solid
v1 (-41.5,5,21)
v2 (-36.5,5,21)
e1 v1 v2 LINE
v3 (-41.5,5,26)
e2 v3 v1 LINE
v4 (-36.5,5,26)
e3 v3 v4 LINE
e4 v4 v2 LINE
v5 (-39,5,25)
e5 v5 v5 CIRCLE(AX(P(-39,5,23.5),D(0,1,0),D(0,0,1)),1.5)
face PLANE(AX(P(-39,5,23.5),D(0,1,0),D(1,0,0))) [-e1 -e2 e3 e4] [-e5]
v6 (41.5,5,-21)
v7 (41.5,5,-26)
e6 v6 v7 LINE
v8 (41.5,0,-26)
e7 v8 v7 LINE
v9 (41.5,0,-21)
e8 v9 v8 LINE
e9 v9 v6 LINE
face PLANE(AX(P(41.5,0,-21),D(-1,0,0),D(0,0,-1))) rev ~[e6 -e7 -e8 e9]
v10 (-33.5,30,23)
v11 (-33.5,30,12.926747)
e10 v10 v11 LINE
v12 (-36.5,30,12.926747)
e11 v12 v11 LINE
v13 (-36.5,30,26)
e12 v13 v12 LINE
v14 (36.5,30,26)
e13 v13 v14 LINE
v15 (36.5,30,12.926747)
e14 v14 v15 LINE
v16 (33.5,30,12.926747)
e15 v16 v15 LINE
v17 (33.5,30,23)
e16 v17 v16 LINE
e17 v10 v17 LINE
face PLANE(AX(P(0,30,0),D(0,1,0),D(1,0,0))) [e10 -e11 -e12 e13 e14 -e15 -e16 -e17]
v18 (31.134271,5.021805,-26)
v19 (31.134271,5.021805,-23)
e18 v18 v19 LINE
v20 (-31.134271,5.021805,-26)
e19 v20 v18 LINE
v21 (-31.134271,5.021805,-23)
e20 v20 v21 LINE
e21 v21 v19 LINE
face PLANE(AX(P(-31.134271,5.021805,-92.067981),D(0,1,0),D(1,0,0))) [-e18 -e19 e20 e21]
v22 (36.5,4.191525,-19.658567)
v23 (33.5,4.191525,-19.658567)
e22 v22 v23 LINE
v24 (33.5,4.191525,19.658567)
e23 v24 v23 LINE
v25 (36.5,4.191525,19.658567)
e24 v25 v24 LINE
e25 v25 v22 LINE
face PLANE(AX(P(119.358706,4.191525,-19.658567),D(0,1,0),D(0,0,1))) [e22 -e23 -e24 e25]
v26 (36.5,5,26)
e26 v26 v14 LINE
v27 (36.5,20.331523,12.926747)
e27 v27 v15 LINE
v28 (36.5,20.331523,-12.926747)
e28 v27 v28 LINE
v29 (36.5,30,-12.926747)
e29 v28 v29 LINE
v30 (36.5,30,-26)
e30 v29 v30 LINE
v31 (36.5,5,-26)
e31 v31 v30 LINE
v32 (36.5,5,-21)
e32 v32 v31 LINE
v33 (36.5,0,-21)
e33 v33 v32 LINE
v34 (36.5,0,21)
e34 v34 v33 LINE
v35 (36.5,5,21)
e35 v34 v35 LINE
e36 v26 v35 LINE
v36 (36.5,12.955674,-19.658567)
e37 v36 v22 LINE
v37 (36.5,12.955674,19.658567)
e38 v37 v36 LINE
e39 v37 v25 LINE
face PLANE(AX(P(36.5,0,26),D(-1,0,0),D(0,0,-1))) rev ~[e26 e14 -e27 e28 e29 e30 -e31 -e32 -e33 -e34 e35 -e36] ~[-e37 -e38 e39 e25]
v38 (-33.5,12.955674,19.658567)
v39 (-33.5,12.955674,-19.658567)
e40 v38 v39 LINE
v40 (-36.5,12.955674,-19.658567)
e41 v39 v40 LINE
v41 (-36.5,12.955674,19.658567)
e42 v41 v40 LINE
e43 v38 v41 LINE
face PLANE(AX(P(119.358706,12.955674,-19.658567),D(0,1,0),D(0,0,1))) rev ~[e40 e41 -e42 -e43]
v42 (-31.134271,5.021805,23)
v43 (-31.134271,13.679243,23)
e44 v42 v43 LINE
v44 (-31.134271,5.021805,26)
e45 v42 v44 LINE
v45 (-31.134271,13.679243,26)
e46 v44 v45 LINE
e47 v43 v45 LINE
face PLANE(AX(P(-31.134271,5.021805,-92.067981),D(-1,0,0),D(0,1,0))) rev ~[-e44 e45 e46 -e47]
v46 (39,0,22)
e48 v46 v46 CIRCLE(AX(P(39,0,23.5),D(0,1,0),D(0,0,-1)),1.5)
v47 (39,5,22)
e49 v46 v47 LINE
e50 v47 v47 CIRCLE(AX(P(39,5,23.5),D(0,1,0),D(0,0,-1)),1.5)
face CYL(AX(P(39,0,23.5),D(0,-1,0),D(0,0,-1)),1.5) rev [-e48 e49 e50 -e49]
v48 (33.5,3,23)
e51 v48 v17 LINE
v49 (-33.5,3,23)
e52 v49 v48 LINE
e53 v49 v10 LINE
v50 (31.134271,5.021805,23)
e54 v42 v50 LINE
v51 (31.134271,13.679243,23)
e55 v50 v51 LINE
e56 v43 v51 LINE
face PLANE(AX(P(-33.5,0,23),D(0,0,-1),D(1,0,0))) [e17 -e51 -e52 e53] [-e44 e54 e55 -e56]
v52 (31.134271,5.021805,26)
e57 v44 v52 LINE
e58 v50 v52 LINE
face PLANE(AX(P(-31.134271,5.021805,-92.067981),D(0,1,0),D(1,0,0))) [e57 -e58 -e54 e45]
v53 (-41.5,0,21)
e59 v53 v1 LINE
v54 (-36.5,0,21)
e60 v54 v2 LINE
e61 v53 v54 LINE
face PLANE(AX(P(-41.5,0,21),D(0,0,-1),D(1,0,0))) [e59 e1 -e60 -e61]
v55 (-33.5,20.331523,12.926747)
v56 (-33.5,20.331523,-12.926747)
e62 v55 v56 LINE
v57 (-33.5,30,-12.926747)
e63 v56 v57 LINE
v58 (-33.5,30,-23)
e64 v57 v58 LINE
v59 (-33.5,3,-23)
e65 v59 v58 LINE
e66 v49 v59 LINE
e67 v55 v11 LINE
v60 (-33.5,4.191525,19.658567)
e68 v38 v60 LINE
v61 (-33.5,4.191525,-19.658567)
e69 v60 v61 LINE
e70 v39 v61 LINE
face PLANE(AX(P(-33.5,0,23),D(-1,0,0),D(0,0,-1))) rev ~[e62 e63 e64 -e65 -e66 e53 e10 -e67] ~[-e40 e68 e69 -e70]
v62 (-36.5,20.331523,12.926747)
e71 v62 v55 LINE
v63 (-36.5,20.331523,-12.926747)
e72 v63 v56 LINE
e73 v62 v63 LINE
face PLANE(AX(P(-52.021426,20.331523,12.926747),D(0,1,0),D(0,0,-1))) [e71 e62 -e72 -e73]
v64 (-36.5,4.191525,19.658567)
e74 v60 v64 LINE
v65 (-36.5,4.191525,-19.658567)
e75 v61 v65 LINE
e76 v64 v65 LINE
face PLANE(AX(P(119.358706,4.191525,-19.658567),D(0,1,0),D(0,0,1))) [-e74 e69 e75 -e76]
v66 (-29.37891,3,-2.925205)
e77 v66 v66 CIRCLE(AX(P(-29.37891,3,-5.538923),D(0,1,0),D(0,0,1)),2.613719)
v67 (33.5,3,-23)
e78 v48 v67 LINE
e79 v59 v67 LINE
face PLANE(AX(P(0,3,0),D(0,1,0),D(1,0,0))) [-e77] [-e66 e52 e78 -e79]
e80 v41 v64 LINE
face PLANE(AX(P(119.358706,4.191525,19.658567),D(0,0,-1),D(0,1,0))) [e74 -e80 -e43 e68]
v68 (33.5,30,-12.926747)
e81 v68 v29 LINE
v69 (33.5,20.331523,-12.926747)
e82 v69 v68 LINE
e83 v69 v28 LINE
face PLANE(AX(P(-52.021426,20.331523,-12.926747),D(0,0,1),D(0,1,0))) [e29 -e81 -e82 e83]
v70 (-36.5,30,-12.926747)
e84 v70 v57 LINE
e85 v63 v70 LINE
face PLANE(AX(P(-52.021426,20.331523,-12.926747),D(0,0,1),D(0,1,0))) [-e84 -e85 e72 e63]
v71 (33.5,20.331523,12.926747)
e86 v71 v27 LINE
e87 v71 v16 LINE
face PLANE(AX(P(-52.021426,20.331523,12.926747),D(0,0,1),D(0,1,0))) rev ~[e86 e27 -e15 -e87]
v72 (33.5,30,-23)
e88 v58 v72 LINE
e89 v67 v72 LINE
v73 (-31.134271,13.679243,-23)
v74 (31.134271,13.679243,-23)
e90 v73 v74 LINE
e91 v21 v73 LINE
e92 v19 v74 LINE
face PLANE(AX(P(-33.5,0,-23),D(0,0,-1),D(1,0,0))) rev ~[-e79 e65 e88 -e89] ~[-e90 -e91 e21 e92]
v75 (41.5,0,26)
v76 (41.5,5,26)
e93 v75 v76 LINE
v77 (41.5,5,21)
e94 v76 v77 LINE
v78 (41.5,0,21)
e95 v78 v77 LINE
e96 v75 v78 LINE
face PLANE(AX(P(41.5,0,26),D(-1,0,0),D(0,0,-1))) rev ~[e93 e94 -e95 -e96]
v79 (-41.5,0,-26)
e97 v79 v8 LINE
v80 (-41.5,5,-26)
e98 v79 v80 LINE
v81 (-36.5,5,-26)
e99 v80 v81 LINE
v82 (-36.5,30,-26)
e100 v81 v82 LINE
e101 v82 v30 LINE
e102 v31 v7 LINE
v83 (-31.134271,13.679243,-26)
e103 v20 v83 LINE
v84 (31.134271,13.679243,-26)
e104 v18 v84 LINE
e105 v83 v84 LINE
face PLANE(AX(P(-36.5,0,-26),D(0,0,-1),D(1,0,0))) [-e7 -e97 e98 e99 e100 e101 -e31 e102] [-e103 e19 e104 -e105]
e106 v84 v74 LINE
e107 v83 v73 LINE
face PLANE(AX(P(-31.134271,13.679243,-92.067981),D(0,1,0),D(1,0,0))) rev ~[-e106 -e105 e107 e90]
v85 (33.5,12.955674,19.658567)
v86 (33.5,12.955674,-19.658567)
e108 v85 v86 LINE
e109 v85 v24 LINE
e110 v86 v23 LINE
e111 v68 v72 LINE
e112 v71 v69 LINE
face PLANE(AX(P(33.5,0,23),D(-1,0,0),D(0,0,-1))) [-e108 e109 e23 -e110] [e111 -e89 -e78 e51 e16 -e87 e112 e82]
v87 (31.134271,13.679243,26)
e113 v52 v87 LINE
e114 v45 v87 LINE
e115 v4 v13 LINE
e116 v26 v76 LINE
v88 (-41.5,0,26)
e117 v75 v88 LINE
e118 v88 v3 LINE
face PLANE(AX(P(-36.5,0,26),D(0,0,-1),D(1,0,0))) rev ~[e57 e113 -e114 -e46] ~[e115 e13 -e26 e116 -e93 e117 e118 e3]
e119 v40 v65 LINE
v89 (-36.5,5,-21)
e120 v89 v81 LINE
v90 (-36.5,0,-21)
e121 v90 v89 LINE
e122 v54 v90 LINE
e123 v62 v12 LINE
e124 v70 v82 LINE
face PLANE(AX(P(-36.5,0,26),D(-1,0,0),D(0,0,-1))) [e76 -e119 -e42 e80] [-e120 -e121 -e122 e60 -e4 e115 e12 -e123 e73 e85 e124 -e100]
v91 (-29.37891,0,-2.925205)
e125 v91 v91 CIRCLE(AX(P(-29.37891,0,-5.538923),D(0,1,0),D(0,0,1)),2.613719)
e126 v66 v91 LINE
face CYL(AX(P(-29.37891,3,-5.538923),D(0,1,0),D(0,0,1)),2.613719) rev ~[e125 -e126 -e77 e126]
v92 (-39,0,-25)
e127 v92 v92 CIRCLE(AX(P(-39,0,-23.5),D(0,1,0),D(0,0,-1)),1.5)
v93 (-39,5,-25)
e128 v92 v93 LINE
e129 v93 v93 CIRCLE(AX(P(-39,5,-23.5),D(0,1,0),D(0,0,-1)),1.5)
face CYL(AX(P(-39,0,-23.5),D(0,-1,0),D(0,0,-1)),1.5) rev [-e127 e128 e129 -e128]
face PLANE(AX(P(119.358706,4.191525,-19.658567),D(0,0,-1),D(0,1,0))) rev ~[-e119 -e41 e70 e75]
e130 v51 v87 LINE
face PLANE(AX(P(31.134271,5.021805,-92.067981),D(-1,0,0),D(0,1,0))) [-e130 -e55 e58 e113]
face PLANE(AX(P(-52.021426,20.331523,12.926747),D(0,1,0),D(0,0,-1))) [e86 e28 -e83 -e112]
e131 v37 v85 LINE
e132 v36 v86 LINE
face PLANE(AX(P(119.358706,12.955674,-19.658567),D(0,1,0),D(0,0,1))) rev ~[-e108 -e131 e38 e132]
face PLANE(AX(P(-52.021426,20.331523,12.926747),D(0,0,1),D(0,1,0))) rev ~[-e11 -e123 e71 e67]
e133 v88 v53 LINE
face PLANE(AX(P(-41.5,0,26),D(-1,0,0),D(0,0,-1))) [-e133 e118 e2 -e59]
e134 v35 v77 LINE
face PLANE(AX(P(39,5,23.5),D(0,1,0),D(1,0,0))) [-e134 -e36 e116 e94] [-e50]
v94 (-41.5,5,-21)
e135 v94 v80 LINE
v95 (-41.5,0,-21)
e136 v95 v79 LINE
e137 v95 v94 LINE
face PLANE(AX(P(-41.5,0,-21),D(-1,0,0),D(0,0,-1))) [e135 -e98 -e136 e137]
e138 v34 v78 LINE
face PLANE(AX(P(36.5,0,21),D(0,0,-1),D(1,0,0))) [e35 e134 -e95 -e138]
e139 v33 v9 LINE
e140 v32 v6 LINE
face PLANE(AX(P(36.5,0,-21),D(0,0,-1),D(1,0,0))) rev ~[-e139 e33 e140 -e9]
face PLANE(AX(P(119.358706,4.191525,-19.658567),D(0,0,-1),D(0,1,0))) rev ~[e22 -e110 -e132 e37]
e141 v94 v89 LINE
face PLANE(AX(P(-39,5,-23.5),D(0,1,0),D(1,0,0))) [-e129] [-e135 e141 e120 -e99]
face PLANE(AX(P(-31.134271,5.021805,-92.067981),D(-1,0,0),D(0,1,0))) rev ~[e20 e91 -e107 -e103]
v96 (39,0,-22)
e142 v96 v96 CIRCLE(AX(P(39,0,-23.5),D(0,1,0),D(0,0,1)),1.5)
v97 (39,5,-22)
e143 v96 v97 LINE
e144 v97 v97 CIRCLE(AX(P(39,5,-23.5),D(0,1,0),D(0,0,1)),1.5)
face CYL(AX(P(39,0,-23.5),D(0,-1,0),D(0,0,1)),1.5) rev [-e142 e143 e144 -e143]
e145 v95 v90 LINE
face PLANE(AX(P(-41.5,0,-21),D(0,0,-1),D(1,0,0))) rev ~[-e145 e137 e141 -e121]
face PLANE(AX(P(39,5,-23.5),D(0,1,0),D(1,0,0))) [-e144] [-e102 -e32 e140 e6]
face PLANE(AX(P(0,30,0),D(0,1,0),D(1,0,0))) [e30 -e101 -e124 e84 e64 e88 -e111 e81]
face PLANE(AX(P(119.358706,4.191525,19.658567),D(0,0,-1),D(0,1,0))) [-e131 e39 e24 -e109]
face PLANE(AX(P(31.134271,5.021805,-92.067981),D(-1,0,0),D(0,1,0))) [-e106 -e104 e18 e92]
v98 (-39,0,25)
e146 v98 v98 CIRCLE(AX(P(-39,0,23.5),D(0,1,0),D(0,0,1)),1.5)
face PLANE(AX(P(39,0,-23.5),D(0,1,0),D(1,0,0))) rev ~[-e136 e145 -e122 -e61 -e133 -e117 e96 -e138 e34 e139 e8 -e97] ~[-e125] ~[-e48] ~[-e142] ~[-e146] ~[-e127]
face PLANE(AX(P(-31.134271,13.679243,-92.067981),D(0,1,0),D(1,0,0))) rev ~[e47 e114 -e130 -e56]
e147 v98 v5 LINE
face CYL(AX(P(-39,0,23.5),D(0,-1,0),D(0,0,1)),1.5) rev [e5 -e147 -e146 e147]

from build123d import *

# Parameters (mm, degrees)
SKETCH_1_W               = 73
SKETCH_1_H               = 52
SKETCH_1_W_2             = 67
SKETCH_1_H_2             = 46
EXTRUDE_1_DEPTH          = 30
SKETCH_1_2_W             = 67
SKETCH_1_2_H             = 46
EXTRUDE_2_DEPTH          = 3
CUT_EXTRUDE_1_DEPTH      = 69.067980725
CUT_EXTRUDE_1_DEPTH_BACK = 69.067980725
SKETCH_2_W               = 62.268542554
SKETCH_2_H               = 8.657438287
SKETCH_3_W               = 5
SKETCH_3_H               = 5
SKETCH_3_R               = 1.5
EXTRUDE_3_DEPTH          = 5
CUT_EXTRUDE_2_DEPTH      = 85.858706094
CUT_EXTRUDE_2_DEPTH_BACK = 85.858706094
SKETCH_4_W               = 39.317133882
SKETCH_4_H               = 8.764149171
CUT_EXTRUDE_3_DEPTH      = 88.521425948
CUT_EXTRUDE_3_DEPTH_BACK = 88.521425948
SKETCH_5_W               = 25.853493498
SKETCH_5_H               = 9.668476694
SKETCH_6_R               = 2.613718533
CUT_EXTRUDE_4_DEPTH      = 56.921820428


with BuildPart() as part:
    # 草图1 → 凸台-拉伸1 (new body)
    with BuildSketch(Plane(origin=(0, 0, 0), x_dir=(1, 0, 0), z_dir=(0, 1, 0))):
        Rectangle(SKETCH_1_W, SKETCH_1_H)
        Rectangle(SKETCH_1_W_2, SKETCH_1_H_2, mode=Mode.SUBTRACT)
    extrude(amount=EXTRUDE_1_DEPTH)

    # 草图1<2> → 凸台-拉伸2 (add)
    with BuildSketch(Plane(origin=(0, 0, 0), x_dir=(1, 0, 0), z_dir=(0, 1, 0))):
        Rectangle(SKETCH_1_2_W, SKETCH_1_2_H)
    extrude(amount=EXTRUDE_2_DEPTH)

    # 草图2 → 切除-拉伸1 (cut, two sides: drawn at the far end of the back side and taken through both)
    with BuildSketch(Plane.XY.offset(-23).offset(-CUT_EXTRUDE_1_DEPTH_BACK)):
        with Locations((0, 9.350523915)):
            Rectangle(SKETCH_2_W, SKETCH_2_H)
    extrude(amount=CUT_EXTRUDE_1_DEPTH + CUT_EXTRUDE_1_DEPTH_BACK, mode=Mode.SUBTRACT)

    # 草图3 → 凸台-拉伸3 (add)
    # profile 1 of 4: a face of its own
    with BuildSketch(Plane(origin=(0, 0, 0), x_dir=(1, 0, 0), z_dir=(0, 1, 0))):
        with Locations((39, 23.5)):
            Rectangle(SKETCH_3_W, SKETCH_3_H)
        with Locations((39, 23.5)):
            Circle(SKETCH_3_R, mode=Mode.SUBTRACT)
    # profile 2 of 4: a face of its own
    with BuildSketch(Plane(origin=(0, 0, 0), x_dir=(1, 0, 0), z_dir=(0, 1, 0))):
        with Locations((39, -23.5)):
            Rectangle(SKETCH_3_W, SKETCH_3_H)
        with Locations((39, -23.5)):
            Circle(SKETCH_3_R, mode=Mode.SUBTRACT)
    # profile 3 of 4: a face of its own
    with BuildSketch(Plane(origin=(0, 0, 0), x_dir=(1, 0, 0), z_dir=(0, 1, 0))):
        with Locations((-39, -23.5)):
            Rectangle(SKETCH_3_W, SKETCH_3_H)
        with Locations((-39, -23.5)):
            Circle(SKETCH_3_R, mode=Mode.SUBTRACT)
    # profile 4 of 4: a face of its own
    with BuildSketch(Plane(origin=(0, 0, 0), x_dir=(1, 0, 0), z_dir=(0, 1, 0))):
        with Locations((-39, 23.5)):
            Rectangle(SKETCH_3_W, SKETCH_3_H)
        with Locations((-39, 23.5)):
            Circle(SKETCH_3_R, mode=Mode.SUBTRACT)
    extrude(amount=EXTRUDE_3_DEPTH)

    # 草图4 → 切除-拉伸2 (cut, two sides: drawn at the far end of the back side and taken through both)
    with BuildSketch(Plane.ZY.offset(-33.5).offset(-CUT_EXTRUDE_2_DEPTH_BACK)):
        with Locations((0, 8.573599651)):
            Rectangle(SKETCH_4_W, SKETCH_4_H)
    extrude(amount=CUT_EXTRUDE_2_DEPTH + CUT_EXTRUDE_2_DEPTH_BACK, mode=Mode.SUBTRACT)

    # 草图5 → 切除-拉伸3 (cut, two sides: drawn at the far end of the back side and taken through both)
    with BuildSketch(Plane(origin=(36.5, 0, 0), x_dir=(0, 0, -1), z_dir=(1, 0, 0)).offset(-CUT_EXTRUDE_3_DEPTH_BACK)):
        with Locations((0, 25.165761653)):
            Rectangle(SKETCH_5_W, SKETCH_5_H)
    extrude(amount=CUT_EXTRUDE_3_DEPTH + CUT_EXTRUDE_3_DEPTH_BACK, mode=Mode.SUBTRACT)

    # 草图6 → 切除-拉伸4 (cut, through all)
    with BuildSketch(Plane(origin=(0, 3, 0), x_dir=(1, 0, 0), z_dir=(0, 1, 0))):
        with Locations((-29.37891044, 5.538923259)):
            Circle(SKETCH_6_R)
    extrude(amount=-CUT_EXTRUDE_4_DEPTH, mode=Mode.SUBTRACT)


solid = part.part
